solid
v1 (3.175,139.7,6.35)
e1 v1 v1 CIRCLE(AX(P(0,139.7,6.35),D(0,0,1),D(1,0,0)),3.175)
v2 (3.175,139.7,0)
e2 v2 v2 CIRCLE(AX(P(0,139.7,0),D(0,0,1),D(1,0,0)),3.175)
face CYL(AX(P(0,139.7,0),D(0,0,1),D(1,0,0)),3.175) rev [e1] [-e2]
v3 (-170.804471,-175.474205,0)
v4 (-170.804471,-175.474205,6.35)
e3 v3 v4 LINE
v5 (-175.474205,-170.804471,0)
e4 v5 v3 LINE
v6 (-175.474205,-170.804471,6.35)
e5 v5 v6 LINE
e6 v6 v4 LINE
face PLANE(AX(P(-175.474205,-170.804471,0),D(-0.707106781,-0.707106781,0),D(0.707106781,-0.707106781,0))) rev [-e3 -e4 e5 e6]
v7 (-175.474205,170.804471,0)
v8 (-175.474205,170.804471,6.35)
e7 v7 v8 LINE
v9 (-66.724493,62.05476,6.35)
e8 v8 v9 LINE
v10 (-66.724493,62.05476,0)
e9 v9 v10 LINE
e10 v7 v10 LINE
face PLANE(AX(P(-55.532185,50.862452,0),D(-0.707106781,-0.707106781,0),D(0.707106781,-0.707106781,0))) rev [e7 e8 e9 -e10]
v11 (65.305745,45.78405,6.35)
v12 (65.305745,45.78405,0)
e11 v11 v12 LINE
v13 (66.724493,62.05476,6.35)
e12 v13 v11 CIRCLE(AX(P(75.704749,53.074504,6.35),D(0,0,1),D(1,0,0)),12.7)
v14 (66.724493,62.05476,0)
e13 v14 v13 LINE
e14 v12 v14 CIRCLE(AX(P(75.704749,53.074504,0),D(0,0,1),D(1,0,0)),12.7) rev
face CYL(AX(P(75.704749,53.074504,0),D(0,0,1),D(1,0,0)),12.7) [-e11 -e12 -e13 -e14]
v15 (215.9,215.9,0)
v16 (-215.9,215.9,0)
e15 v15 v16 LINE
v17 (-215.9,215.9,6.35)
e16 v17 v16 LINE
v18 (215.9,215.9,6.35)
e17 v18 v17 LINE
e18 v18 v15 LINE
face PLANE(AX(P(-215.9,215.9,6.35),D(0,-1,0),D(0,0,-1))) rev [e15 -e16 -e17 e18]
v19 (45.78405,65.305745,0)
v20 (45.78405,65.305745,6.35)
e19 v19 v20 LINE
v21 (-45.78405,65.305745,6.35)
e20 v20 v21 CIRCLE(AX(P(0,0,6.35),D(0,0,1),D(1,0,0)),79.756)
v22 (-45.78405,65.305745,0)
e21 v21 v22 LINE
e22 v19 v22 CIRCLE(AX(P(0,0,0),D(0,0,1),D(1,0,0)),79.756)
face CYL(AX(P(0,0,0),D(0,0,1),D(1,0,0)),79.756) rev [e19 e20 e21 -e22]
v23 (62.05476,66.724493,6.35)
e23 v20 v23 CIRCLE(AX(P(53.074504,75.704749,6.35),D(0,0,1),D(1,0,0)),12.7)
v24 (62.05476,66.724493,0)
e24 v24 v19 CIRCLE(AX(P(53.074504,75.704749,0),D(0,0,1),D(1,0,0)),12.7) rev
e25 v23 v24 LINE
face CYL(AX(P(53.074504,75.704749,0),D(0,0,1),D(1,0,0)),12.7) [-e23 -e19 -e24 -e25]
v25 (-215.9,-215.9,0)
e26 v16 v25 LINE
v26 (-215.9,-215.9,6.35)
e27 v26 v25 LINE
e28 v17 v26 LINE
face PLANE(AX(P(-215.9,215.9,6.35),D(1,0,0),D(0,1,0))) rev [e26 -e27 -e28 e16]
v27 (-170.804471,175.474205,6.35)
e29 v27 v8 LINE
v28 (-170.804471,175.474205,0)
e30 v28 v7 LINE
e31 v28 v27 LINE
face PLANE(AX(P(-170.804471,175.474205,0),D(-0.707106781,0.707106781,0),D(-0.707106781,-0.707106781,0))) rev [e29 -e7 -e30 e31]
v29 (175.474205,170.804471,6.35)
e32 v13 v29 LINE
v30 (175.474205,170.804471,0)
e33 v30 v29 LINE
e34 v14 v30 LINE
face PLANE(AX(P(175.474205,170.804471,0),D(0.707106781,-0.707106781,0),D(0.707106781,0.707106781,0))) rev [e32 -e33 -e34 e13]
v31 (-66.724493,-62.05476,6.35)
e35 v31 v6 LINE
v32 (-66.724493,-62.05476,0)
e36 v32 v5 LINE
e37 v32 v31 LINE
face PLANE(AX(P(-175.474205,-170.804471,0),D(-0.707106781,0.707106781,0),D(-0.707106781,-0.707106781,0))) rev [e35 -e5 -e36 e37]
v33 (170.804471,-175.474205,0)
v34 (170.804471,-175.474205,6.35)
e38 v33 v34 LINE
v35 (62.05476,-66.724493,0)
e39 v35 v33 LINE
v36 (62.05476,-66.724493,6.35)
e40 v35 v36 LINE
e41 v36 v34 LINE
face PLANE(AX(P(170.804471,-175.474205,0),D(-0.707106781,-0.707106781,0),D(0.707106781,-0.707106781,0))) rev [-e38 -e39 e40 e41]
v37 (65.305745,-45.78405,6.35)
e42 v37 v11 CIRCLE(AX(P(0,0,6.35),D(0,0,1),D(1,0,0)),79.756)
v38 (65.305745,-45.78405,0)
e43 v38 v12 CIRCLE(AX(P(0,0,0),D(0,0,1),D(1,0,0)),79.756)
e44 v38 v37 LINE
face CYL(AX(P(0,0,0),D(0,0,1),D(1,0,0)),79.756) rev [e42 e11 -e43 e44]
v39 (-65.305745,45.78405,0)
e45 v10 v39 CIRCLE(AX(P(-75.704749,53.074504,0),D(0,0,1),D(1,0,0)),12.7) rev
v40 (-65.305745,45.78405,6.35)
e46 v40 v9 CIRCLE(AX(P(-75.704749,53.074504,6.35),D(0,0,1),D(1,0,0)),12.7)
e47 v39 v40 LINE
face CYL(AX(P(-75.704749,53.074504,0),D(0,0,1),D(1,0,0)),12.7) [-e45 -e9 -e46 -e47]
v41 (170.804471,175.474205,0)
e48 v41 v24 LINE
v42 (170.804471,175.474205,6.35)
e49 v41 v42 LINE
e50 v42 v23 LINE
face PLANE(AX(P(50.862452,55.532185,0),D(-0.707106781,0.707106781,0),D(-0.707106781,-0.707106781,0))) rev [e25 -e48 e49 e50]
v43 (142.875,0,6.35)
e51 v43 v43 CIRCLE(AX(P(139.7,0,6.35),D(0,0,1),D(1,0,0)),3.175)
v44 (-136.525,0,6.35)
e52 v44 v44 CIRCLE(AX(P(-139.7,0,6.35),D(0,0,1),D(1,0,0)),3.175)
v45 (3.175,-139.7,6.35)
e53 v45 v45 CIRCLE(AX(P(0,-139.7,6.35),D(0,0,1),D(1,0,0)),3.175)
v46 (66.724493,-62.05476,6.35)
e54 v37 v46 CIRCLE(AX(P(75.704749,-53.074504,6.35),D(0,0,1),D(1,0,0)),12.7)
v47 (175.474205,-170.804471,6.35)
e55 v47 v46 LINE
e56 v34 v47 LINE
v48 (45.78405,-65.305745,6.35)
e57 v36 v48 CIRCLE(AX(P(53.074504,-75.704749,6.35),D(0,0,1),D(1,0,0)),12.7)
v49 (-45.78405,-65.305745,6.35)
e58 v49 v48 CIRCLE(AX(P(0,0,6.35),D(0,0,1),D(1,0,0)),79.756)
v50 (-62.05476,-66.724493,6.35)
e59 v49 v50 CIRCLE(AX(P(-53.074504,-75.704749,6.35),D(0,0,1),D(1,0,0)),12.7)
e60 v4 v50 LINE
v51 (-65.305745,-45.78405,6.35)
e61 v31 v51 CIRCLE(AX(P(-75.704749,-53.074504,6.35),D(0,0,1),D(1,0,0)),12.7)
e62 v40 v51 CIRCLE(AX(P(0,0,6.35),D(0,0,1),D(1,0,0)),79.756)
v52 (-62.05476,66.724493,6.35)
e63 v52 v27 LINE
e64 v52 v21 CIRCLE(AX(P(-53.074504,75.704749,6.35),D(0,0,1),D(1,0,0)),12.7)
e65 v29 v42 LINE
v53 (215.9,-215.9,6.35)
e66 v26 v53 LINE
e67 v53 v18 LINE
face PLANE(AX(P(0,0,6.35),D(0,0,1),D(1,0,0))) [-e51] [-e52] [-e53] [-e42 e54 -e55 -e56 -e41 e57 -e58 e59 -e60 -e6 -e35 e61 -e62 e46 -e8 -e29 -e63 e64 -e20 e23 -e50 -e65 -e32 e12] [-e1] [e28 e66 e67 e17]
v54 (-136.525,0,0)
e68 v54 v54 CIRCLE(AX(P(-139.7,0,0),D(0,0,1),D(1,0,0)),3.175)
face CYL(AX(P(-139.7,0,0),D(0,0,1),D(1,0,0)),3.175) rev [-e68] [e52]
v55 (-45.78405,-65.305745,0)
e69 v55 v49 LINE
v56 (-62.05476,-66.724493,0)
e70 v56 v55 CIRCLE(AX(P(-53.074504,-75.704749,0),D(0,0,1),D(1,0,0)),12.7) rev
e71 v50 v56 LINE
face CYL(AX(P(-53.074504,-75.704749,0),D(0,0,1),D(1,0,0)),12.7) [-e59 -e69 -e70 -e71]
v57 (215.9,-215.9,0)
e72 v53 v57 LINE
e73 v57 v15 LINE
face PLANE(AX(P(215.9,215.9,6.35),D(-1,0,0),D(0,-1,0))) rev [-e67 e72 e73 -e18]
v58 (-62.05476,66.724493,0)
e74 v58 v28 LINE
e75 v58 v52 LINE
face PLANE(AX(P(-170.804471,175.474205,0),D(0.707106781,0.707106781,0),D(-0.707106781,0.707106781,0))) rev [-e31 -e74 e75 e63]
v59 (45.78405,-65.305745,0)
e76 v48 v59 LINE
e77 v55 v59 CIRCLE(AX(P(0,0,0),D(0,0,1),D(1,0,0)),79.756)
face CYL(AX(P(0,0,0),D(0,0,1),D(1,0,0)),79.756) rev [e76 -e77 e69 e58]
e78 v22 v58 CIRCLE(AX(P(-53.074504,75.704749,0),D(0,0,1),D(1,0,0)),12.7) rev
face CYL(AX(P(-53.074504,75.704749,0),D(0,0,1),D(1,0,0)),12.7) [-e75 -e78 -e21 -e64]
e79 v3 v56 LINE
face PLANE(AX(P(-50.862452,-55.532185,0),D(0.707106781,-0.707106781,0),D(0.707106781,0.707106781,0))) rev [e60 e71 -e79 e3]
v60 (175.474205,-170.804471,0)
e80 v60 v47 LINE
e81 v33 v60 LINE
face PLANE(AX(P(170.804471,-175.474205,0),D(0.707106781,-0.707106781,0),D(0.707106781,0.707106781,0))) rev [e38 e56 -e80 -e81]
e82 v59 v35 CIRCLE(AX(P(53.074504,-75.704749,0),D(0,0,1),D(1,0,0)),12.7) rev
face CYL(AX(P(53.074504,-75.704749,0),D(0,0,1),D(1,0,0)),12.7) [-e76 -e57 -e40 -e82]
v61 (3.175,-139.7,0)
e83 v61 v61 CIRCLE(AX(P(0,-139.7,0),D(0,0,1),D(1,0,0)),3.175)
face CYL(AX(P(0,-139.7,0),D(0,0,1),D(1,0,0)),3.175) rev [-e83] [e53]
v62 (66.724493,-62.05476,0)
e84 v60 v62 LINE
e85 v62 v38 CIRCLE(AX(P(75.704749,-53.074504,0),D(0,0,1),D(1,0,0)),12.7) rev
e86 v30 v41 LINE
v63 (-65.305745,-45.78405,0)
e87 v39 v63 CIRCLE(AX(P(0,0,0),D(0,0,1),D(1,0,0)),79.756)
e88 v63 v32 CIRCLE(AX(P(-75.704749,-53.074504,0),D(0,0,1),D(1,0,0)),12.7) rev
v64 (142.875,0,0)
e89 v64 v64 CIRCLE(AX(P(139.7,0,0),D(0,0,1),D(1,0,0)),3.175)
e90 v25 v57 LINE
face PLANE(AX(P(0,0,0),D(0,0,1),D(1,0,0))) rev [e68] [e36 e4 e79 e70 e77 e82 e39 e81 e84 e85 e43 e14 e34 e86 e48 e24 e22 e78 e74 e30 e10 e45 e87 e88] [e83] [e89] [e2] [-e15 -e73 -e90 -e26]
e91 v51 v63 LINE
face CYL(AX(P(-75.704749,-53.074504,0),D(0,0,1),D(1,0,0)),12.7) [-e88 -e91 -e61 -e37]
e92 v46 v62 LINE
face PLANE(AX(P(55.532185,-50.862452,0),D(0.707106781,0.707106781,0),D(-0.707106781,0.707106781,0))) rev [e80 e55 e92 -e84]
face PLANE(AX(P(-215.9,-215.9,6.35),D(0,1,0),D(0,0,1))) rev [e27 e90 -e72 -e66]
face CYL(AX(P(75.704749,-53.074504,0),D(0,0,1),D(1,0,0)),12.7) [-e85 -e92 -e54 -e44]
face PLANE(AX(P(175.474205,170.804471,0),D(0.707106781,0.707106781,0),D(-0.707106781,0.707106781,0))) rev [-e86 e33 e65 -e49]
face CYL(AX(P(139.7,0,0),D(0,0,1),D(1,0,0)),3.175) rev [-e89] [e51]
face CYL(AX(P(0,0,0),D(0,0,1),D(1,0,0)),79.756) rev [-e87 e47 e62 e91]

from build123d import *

# Parameters (mm, degrees)
SKETCH1_W           = 431.8
SKETCH1_H           = 431.8
BOSS_EXTRUDE1_DEPTH = 6.35
SKETCH2_R           = 79.756
CUT_EXTRUDE1_DEPTH  = 6.35
CUT_EXTRUDE2_DEPTH  = 6.35
FILLET1_R           = 12.7
SKETCH4_R           = 3.175
CUT_EXTRUDE3_DEPTH  = 6.35


with BuildPart() as part:
    # Sketch1 → Boss-Extrude1 (new body)
    with BuildSketch(Plane.XY):
        Rectangle(SKETCH1_W, SKETCH1_H)
    extrude(amount=BOSS_EXTRUDE1_DEPTH)

    # Sketch2 → Cut-Extrude1 (cut)
    with BuildSketch(Plane.XY.offset(6.35)):
        Circle(SKETCH2_R)
    extrude(amount=-CUT_EXTRUDE1_DEPTH, mode=Mode.SUBTRACT)

    # Sketch3 → Cut-Extrude2 (cut)
    with BuildSketch(Plane.XY.offset(6.35)):
        Polygon((-170.804471423, 175.474204606), (-175.474204606, 170.804471423), (-55.532184739, 50.862451556), (-50.862451556, 55.532184739), align=None)
        Polygon((175.474204606, 170.804471423), (170.804471423, 175.474204606), (50.862451556, 55.532184739), (55.532184739, 50.862451556), align=None)
        Polygon((170.804471423, -175.474204606), (175.474204606, -170.804471423), (55.532184739, -50.862451556), (50.862451556, -55.532184739), align=None)
        Polygon((-175.474204606, -170.804471423), (-170.804471423, -175.474204606), (-50.862451556, -55.532184739), (-55.532184739, -50.862451556), align=None)
    extrude(amount=-CUT_EXTRUDE2_DEPTH, mode=Mode.SUBTRACT)

    # Fillet1
    fillet1_edges = [part.edges().sort_by_distance(p)[0] for p in [
        (-54.012787894, 58.682521077, 3.175),
        (-58.682521077, 54.012787894, 3.175),
        (58.682521077, 54.012787894, 3.175),
        (54.012787894, 58.682521077, 3.175),
        (54.012787894, -58.682521077, 3.175),
        (58.682521077, -54.012787894, 3.175),
        (-58.682521077, -54.012787894, 3.175),
        (-54.012787894, -58.682521077, 3.175),
    ]]
    fillet(fillet1_edges, radius=FILLET1_R)

    # Sketch4 → Cut-Extrude3 (cut)
    with BuildSketch(Plane.XY.offset(6.35)):
        with Locations((0, 139.7)):
            Circle(SKETCH4_R)
        with Locations((139.7, 0)):
            Circle(SKETCH4_R)
        with Locations((0, -139.7)):
            Circle(SKETCH4_R)
        with Locations((-139.7, 0)):
            Circle(SKETCH4_R)
    extrude(amount=-CUT_EXTRUDE3_DEPTH, mode=Mode.SUBTRACT)


solid = part.part
